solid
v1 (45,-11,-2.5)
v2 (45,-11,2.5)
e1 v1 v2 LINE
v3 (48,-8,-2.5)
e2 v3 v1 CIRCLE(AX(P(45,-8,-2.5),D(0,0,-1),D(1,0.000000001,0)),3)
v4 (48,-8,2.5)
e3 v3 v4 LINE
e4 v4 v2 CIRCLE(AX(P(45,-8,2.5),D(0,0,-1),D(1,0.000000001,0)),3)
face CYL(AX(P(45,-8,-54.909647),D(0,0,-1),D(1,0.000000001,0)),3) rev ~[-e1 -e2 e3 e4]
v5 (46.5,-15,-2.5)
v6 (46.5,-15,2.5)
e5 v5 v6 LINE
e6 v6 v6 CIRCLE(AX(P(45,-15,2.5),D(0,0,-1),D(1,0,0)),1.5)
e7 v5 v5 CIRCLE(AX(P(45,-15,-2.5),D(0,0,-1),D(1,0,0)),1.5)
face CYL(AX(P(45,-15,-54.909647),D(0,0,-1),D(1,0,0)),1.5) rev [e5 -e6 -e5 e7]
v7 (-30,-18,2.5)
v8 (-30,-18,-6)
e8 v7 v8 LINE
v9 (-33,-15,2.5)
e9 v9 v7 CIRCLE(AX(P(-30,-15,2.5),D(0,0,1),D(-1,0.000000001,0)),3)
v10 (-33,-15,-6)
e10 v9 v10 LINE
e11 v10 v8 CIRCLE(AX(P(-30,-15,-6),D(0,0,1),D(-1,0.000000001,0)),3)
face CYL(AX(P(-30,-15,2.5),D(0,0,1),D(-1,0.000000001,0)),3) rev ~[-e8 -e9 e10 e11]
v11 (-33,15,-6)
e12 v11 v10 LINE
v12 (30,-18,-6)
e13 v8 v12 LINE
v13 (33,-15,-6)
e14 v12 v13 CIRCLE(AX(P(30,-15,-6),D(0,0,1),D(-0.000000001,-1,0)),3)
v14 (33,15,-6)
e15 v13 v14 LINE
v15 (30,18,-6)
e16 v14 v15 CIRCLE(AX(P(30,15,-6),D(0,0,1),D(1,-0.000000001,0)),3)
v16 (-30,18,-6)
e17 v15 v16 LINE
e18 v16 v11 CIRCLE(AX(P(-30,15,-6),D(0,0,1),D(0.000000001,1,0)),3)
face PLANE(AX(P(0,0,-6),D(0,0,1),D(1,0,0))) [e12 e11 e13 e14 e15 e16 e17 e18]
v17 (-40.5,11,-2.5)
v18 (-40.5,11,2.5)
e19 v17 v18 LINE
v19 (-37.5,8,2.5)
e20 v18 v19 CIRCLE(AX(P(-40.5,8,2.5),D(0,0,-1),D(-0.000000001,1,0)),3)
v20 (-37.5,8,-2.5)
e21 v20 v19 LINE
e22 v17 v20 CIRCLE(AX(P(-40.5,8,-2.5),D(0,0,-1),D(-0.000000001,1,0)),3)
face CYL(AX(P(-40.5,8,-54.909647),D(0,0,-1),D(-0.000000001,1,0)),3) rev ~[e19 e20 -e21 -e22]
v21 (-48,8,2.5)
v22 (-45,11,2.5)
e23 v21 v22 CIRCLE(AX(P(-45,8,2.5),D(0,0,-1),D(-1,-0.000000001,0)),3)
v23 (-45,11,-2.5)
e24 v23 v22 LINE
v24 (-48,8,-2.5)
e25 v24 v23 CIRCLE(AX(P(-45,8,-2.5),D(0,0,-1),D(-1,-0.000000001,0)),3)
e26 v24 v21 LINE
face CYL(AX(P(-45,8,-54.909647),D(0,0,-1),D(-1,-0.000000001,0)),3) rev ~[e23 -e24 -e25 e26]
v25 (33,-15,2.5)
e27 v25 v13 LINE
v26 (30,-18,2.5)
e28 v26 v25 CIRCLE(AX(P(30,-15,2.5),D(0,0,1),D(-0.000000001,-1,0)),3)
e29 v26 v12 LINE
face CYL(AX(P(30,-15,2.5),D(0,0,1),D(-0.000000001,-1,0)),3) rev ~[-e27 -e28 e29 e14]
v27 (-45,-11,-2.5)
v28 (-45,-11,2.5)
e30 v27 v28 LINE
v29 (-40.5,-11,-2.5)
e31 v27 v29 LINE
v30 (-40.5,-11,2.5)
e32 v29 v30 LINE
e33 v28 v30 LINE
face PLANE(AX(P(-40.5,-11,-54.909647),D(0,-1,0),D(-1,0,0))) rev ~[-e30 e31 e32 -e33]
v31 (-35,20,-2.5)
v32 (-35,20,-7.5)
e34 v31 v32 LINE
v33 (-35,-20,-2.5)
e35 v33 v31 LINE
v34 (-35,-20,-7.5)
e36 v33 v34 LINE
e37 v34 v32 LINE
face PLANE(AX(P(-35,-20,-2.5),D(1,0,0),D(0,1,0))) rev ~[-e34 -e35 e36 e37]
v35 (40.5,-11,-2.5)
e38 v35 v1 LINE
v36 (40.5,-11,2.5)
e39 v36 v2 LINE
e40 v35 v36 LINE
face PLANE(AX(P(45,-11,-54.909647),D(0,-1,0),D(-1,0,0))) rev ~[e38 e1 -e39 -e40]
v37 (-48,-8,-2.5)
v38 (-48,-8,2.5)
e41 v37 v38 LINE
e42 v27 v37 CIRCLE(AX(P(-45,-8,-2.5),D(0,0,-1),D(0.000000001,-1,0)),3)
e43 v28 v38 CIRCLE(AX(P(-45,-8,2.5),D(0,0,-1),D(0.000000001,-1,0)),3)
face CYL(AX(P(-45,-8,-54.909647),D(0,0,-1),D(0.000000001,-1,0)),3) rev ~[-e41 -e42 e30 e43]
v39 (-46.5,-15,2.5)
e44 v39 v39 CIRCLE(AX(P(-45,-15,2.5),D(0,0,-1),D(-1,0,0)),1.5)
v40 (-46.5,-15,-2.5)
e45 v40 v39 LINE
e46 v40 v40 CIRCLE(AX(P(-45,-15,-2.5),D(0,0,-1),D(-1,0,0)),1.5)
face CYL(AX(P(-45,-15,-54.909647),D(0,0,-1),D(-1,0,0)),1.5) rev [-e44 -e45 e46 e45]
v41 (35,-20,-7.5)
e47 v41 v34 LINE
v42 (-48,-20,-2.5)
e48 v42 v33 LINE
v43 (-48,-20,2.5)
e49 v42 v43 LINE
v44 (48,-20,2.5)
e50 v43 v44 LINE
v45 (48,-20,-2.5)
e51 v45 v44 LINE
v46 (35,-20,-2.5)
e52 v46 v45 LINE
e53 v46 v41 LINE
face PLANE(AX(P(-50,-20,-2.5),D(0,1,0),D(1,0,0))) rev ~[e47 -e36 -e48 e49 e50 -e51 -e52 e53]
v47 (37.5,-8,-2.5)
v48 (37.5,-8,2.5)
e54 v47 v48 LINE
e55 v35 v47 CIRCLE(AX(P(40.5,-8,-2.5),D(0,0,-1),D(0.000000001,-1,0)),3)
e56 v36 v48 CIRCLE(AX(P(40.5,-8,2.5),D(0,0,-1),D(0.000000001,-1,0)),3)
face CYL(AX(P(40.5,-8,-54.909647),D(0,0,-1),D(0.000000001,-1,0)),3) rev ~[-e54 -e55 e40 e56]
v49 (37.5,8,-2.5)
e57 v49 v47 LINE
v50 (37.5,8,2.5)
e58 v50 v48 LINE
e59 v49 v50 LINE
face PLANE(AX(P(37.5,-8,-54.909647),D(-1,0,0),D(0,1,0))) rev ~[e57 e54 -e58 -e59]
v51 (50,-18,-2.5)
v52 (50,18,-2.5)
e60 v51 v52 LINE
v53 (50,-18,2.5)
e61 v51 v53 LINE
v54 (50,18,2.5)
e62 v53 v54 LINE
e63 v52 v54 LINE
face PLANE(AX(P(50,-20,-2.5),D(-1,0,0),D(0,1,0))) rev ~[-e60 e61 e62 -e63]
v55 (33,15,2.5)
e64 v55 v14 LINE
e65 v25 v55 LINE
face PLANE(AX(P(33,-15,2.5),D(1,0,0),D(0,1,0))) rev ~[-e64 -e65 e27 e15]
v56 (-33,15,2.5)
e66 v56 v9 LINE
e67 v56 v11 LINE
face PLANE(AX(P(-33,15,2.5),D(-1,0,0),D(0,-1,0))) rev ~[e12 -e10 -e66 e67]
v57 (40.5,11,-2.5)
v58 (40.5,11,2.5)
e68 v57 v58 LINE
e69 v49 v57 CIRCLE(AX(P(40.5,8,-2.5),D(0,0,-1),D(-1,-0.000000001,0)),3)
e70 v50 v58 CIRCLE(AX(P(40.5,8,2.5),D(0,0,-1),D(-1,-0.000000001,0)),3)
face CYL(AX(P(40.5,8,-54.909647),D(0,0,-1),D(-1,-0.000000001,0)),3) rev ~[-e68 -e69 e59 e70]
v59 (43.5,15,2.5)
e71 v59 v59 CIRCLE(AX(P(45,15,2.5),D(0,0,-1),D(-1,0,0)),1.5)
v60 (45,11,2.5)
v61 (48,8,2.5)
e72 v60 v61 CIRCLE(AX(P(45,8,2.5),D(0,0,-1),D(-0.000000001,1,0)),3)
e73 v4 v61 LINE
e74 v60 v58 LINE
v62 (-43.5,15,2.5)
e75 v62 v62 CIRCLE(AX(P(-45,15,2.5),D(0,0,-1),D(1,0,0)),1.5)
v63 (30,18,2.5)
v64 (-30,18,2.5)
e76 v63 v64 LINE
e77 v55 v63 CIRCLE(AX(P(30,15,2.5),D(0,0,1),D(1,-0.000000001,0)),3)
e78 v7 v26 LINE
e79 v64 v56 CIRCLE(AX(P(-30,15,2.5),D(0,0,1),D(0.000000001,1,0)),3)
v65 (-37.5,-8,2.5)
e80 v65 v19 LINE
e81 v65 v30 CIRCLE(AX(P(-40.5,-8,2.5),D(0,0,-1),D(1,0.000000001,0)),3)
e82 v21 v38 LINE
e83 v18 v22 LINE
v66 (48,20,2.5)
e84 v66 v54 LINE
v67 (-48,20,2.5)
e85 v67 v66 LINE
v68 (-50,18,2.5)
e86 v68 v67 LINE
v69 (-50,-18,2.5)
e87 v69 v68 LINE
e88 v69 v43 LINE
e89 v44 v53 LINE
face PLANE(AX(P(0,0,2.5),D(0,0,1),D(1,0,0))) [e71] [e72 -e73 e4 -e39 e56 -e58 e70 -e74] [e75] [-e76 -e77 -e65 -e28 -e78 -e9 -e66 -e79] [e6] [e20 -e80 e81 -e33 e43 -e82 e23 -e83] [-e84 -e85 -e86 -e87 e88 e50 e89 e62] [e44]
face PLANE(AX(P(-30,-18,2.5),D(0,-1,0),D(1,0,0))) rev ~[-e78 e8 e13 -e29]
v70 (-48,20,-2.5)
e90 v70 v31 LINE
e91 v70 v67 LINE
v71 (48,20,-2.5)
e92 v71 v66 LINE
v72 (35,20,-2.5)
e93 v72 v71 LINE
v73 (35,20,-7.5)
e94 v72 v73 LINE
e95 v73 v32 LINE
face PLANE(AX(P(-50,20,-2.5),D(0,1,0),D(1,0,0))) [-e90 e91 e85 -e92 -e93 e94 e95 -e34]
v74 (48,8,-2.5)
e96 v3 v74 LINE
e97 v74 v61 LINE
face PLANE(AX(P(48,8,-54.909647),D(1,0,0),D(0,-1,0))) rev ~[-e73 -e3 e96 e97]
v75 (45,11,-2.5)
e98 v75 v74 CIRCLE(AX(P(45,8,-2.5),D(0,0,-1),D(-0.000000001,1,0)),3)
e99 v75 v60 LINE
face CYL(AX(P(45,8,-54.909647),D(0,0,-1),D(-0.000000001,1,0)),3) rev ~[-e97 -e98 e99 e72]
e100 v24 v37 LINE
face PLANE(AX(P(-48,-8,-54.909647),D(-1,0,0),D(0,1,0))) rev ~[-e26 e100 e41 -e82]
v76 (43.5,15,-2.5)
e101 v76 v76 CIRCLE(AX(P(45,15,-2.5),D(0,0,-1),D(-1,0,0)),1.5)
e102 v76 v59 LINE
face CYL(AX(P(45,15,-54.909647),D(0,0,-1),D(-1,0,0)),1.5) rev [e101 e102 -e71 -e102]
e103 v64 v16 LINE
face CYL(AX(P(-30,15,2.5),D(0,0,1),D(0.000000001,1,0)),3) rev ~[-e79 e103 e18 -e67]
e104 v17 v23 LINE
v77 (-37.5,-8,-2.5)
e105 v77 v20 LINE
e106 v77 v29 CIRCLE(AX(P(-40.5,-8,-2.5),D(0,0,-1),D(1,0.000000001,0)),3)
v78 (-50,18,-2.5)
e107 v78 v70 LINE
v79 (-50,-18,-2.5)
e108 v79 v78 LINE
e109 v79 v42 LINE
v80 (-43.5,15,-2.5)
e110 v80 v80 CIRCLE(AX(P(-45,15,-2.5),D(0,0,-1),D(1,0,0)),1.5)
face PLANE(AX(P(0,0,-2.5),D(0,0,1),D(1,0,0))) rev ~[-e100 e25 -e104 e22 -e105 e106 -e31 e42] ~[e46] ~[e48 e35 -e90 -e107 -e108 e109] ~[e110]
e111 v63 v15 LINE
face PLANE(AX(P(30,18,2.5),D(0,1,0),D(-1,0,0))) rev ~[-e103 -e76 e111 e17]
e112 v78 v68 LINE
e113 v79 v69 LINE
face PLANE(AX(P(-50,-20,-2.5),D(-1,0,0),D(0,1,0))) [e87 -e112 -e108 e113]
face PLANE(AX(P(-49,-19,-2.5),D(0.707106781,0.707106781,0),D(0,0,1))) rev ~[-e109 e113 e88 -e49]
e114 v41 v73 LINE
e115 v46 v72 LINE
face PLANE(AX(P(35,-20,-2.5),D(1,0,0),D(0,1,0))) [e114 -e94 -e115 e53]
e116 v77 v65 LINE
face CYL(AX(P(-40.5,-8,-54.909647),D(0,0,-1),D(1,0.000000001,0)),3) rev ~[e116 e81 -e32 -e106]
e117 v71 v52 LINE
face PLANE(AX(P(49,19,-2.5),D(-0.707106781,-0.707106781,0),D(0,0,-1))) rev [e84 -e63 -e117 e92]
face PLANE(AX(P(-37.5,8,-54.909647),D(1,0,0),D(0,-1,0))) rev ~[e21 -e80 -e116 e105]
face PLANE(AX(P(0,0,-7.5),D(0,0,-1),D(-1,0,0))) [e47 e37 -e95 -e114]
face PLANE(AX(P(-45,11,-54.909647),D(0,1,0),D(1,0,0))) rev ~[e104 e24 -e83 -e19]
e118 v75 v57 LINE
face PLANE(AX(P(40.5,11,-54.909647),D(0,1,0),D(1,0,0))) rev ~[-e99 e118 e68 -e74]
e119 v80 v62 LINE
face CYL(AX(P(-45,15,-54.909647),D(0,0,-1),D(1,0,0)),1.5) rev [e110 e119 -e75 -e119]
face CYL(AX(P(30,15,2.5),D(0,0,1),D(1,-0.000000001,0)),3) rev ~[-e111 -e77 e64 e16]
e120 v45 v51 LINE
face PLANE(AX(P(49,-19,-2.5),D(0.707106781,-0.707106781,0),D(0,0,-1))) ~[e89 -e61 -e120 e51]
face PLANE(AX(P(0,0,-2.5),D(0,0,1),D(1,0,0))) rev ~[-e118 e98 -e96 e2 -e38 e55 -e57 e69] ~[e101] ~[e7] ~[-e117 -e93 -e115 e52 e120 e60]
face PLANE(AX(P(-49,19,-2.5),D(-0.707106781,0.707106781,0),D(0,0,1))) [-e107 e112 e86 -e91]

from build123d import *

# Parameters (mm, degrees)
AUFSATZ_LINEAR_AUSTRAGEN1_DEPTH      = 2.5
AUFSATZ_LINEAR_AUSTRAGEN1_DEPTH_BACK = 2.5
SKIZZE1_W                            = 100
SKIZZE1_H                            = 40
SCHNITT_LINEAR_AUSTRAGEN1_DEPTH      = 54.909646632
SCHNITT_LINEAR_AUSTRAGEN1_DEPTH_BACK = 54.909646632
SKIZZE2_R                            = 1.5
SCHNITT_LINEAR_AUSTRAGEN2_DEPTH      = 54.909646632
SCHNITT_LINEAR_AUSTRAGEN2_DEPTH_BACK = 54.909646632
SKIZZE7_W                            = 70
SKIZZE7_H                            = 40
AUFSATZ_LINEAR_AUSTRAGEN3_DEPTH      = 5
SCHNITT_LINEAR_AUSTRAGEN6_DEPTH      = 8.5
FASE1_SIZE                           = 2


with BuildPart() as part:
    # Skizze1 → Aufsatz-Linear austragen1 (new, two sides: drawn at the far end of the back side and taken through both)
    with BuildSketch(Plane.XY.offset(-AUFSATZ_LINEAR_AUSTRAGEN1_DEPTH_BACK)):
        Rectangle(SKIZZE1_W, SKIZZE1_H)
    extrude(amount=AUFSATZ_LINEAR_AUSTRAGEN1_DEPTH + AUFSATZ_LINEAR_AUSTRAGEN1_DEPTH_BACK)

    # Skizze2 → Schnitt-Linear austragen1 (cut, two sides: drawn at the far end of the back side and taken through both)
    with BuildSketch(Plane.XY.offset(-SCHNITT_LINEAR_AUSTRAGEN1_DEPTH_BACK)):
        with Locations((-45, 15)):
            Circle(SKIZZE2_R)
        with Locations(Location((-45, -15, 0), (0, 0, 180))):
            Circle(SKIZZE2_R)
        with Locations((45, -15)):
            Circle(SKIZZE2_R)
        with Locations(Location((45, 15, 0), (0, 0, 180))):
            Circle(SKIZZE2_R)
    extrude(amount=SCHNITT_LINEAR_AUSTRAGEN1_DEPTH + SCHNITT_LINEAR_AUSTRAGEN1_DEPTH_BACK, mode=Mode.SUBTRACT)

    # Skizze4 → Schnitt-Linear austragen2 (cut, two sides: drawn at the far end of the back side and taken through both)
    with BuildSketch(Plane.XY.offset(-SCHNITT_LINEAR_AUSTRAGEN2_DEPTH_BACK)):
        with BuildLine():
            Line((-48, -8), (-48, 8))
            ThreePointArc((-48, 8), (-47.121320344, 10.121320344), (-45, 11))
            Line((-45, 11), (-40.5, 11))
            ThreePointArc((-40.5, 11), (-38.378679656, 10.121320344), (-37.5, 8))
            Line((-37.5, 8), (-37.5, -8))
            ThreePointArc((-37.5, -8), (-38.378679656, -10.121320344), (-40.5, -11))
            Line((-40.5, -11), (-45, -11))
            ThreePointArc((-45, -11), (-47.121320344, -10.121320344), (-48, -8))
        make_face()
        with BuildLine():
            Line((45, -11), (40.5, -11))
            ThreePointArc((40.5, -11), (38.378679656, -10.121320344), (37.5, -8))
            Line((37.5, -8), (37.5, 8))
            ThreePointArc((37.5, 8), (38.378679656, 10.121320344), (40.5, 11))
            Line((40.5, 11), (45, 11))
            ThreePointArc((45, 11), (47.121320344, 10.121320344), (48, 8))
            Line((48, 8), (48, -8))
            ThreePointArc((48, -8), (47.121320344, -10.121320344), (45, -11))
        make_face()
    extrude(amount=SCHNITT_LINEAR_AUSTRAGEN2_DEPTH + SCHNITT_LINEAR_AUSTRAGEN2_DEPTH_BACK, mode=Mode.SUBTRACT)

    # Skizze7 → Aufsatz-Linear austragen3 (add)
    with BuildSketch(Plane(origin=(0, 0, -2.5), x_dir=(-1, 0, 0), z_dir=(0, 0, -1))):
        Rectangle(SKIZZE7_W, SKIZZE7_H)
    extrude(amount=AUFSATZ_LINEAR_AUSTRAGEN3_DEPTH)

    # Skizze8 → Schnitt-Linear austragen6 (cut)
    with BuildSketch(Plane.XY.offset(2.5)):
        with BuildLine():
            Line((33, -15), (33, 15))
            ThreePointArc((33, 15), (32.121320344, 17.121320344), (30, 18))
            Line((30, 18), (-30, 18))
            ThreePointArc((-30, 18), (-32.121320344, 17.121320344), (-33, 15))
            Line((-33, 15), (-33, -15))
            ThreePointArc((-33, -15), (-32.121320344, -17.121320344), (-30, -18))
            Line((-30, -18), (30, -18))
            ThreePointArc((30, -18), (32.121320344, -17.121320344), (33, -15))
        make_face()
    extrude(amount=-SCHNITT_LINEAR_AUSTRAGEN6_DEPTH, mode=Mode.SUBTRACT)

    # Fase1
    fase1_edges = [part.edges().sort_by_distance(p)[0] for p in [
        (50, 20, 0),
        (50, -20, 0),
        (-50, -20, 0),
        (-50, 20, 0),
    ]]
    chamfer(fase1_edges, length=FASE1_SIZE)


solid = part.part
